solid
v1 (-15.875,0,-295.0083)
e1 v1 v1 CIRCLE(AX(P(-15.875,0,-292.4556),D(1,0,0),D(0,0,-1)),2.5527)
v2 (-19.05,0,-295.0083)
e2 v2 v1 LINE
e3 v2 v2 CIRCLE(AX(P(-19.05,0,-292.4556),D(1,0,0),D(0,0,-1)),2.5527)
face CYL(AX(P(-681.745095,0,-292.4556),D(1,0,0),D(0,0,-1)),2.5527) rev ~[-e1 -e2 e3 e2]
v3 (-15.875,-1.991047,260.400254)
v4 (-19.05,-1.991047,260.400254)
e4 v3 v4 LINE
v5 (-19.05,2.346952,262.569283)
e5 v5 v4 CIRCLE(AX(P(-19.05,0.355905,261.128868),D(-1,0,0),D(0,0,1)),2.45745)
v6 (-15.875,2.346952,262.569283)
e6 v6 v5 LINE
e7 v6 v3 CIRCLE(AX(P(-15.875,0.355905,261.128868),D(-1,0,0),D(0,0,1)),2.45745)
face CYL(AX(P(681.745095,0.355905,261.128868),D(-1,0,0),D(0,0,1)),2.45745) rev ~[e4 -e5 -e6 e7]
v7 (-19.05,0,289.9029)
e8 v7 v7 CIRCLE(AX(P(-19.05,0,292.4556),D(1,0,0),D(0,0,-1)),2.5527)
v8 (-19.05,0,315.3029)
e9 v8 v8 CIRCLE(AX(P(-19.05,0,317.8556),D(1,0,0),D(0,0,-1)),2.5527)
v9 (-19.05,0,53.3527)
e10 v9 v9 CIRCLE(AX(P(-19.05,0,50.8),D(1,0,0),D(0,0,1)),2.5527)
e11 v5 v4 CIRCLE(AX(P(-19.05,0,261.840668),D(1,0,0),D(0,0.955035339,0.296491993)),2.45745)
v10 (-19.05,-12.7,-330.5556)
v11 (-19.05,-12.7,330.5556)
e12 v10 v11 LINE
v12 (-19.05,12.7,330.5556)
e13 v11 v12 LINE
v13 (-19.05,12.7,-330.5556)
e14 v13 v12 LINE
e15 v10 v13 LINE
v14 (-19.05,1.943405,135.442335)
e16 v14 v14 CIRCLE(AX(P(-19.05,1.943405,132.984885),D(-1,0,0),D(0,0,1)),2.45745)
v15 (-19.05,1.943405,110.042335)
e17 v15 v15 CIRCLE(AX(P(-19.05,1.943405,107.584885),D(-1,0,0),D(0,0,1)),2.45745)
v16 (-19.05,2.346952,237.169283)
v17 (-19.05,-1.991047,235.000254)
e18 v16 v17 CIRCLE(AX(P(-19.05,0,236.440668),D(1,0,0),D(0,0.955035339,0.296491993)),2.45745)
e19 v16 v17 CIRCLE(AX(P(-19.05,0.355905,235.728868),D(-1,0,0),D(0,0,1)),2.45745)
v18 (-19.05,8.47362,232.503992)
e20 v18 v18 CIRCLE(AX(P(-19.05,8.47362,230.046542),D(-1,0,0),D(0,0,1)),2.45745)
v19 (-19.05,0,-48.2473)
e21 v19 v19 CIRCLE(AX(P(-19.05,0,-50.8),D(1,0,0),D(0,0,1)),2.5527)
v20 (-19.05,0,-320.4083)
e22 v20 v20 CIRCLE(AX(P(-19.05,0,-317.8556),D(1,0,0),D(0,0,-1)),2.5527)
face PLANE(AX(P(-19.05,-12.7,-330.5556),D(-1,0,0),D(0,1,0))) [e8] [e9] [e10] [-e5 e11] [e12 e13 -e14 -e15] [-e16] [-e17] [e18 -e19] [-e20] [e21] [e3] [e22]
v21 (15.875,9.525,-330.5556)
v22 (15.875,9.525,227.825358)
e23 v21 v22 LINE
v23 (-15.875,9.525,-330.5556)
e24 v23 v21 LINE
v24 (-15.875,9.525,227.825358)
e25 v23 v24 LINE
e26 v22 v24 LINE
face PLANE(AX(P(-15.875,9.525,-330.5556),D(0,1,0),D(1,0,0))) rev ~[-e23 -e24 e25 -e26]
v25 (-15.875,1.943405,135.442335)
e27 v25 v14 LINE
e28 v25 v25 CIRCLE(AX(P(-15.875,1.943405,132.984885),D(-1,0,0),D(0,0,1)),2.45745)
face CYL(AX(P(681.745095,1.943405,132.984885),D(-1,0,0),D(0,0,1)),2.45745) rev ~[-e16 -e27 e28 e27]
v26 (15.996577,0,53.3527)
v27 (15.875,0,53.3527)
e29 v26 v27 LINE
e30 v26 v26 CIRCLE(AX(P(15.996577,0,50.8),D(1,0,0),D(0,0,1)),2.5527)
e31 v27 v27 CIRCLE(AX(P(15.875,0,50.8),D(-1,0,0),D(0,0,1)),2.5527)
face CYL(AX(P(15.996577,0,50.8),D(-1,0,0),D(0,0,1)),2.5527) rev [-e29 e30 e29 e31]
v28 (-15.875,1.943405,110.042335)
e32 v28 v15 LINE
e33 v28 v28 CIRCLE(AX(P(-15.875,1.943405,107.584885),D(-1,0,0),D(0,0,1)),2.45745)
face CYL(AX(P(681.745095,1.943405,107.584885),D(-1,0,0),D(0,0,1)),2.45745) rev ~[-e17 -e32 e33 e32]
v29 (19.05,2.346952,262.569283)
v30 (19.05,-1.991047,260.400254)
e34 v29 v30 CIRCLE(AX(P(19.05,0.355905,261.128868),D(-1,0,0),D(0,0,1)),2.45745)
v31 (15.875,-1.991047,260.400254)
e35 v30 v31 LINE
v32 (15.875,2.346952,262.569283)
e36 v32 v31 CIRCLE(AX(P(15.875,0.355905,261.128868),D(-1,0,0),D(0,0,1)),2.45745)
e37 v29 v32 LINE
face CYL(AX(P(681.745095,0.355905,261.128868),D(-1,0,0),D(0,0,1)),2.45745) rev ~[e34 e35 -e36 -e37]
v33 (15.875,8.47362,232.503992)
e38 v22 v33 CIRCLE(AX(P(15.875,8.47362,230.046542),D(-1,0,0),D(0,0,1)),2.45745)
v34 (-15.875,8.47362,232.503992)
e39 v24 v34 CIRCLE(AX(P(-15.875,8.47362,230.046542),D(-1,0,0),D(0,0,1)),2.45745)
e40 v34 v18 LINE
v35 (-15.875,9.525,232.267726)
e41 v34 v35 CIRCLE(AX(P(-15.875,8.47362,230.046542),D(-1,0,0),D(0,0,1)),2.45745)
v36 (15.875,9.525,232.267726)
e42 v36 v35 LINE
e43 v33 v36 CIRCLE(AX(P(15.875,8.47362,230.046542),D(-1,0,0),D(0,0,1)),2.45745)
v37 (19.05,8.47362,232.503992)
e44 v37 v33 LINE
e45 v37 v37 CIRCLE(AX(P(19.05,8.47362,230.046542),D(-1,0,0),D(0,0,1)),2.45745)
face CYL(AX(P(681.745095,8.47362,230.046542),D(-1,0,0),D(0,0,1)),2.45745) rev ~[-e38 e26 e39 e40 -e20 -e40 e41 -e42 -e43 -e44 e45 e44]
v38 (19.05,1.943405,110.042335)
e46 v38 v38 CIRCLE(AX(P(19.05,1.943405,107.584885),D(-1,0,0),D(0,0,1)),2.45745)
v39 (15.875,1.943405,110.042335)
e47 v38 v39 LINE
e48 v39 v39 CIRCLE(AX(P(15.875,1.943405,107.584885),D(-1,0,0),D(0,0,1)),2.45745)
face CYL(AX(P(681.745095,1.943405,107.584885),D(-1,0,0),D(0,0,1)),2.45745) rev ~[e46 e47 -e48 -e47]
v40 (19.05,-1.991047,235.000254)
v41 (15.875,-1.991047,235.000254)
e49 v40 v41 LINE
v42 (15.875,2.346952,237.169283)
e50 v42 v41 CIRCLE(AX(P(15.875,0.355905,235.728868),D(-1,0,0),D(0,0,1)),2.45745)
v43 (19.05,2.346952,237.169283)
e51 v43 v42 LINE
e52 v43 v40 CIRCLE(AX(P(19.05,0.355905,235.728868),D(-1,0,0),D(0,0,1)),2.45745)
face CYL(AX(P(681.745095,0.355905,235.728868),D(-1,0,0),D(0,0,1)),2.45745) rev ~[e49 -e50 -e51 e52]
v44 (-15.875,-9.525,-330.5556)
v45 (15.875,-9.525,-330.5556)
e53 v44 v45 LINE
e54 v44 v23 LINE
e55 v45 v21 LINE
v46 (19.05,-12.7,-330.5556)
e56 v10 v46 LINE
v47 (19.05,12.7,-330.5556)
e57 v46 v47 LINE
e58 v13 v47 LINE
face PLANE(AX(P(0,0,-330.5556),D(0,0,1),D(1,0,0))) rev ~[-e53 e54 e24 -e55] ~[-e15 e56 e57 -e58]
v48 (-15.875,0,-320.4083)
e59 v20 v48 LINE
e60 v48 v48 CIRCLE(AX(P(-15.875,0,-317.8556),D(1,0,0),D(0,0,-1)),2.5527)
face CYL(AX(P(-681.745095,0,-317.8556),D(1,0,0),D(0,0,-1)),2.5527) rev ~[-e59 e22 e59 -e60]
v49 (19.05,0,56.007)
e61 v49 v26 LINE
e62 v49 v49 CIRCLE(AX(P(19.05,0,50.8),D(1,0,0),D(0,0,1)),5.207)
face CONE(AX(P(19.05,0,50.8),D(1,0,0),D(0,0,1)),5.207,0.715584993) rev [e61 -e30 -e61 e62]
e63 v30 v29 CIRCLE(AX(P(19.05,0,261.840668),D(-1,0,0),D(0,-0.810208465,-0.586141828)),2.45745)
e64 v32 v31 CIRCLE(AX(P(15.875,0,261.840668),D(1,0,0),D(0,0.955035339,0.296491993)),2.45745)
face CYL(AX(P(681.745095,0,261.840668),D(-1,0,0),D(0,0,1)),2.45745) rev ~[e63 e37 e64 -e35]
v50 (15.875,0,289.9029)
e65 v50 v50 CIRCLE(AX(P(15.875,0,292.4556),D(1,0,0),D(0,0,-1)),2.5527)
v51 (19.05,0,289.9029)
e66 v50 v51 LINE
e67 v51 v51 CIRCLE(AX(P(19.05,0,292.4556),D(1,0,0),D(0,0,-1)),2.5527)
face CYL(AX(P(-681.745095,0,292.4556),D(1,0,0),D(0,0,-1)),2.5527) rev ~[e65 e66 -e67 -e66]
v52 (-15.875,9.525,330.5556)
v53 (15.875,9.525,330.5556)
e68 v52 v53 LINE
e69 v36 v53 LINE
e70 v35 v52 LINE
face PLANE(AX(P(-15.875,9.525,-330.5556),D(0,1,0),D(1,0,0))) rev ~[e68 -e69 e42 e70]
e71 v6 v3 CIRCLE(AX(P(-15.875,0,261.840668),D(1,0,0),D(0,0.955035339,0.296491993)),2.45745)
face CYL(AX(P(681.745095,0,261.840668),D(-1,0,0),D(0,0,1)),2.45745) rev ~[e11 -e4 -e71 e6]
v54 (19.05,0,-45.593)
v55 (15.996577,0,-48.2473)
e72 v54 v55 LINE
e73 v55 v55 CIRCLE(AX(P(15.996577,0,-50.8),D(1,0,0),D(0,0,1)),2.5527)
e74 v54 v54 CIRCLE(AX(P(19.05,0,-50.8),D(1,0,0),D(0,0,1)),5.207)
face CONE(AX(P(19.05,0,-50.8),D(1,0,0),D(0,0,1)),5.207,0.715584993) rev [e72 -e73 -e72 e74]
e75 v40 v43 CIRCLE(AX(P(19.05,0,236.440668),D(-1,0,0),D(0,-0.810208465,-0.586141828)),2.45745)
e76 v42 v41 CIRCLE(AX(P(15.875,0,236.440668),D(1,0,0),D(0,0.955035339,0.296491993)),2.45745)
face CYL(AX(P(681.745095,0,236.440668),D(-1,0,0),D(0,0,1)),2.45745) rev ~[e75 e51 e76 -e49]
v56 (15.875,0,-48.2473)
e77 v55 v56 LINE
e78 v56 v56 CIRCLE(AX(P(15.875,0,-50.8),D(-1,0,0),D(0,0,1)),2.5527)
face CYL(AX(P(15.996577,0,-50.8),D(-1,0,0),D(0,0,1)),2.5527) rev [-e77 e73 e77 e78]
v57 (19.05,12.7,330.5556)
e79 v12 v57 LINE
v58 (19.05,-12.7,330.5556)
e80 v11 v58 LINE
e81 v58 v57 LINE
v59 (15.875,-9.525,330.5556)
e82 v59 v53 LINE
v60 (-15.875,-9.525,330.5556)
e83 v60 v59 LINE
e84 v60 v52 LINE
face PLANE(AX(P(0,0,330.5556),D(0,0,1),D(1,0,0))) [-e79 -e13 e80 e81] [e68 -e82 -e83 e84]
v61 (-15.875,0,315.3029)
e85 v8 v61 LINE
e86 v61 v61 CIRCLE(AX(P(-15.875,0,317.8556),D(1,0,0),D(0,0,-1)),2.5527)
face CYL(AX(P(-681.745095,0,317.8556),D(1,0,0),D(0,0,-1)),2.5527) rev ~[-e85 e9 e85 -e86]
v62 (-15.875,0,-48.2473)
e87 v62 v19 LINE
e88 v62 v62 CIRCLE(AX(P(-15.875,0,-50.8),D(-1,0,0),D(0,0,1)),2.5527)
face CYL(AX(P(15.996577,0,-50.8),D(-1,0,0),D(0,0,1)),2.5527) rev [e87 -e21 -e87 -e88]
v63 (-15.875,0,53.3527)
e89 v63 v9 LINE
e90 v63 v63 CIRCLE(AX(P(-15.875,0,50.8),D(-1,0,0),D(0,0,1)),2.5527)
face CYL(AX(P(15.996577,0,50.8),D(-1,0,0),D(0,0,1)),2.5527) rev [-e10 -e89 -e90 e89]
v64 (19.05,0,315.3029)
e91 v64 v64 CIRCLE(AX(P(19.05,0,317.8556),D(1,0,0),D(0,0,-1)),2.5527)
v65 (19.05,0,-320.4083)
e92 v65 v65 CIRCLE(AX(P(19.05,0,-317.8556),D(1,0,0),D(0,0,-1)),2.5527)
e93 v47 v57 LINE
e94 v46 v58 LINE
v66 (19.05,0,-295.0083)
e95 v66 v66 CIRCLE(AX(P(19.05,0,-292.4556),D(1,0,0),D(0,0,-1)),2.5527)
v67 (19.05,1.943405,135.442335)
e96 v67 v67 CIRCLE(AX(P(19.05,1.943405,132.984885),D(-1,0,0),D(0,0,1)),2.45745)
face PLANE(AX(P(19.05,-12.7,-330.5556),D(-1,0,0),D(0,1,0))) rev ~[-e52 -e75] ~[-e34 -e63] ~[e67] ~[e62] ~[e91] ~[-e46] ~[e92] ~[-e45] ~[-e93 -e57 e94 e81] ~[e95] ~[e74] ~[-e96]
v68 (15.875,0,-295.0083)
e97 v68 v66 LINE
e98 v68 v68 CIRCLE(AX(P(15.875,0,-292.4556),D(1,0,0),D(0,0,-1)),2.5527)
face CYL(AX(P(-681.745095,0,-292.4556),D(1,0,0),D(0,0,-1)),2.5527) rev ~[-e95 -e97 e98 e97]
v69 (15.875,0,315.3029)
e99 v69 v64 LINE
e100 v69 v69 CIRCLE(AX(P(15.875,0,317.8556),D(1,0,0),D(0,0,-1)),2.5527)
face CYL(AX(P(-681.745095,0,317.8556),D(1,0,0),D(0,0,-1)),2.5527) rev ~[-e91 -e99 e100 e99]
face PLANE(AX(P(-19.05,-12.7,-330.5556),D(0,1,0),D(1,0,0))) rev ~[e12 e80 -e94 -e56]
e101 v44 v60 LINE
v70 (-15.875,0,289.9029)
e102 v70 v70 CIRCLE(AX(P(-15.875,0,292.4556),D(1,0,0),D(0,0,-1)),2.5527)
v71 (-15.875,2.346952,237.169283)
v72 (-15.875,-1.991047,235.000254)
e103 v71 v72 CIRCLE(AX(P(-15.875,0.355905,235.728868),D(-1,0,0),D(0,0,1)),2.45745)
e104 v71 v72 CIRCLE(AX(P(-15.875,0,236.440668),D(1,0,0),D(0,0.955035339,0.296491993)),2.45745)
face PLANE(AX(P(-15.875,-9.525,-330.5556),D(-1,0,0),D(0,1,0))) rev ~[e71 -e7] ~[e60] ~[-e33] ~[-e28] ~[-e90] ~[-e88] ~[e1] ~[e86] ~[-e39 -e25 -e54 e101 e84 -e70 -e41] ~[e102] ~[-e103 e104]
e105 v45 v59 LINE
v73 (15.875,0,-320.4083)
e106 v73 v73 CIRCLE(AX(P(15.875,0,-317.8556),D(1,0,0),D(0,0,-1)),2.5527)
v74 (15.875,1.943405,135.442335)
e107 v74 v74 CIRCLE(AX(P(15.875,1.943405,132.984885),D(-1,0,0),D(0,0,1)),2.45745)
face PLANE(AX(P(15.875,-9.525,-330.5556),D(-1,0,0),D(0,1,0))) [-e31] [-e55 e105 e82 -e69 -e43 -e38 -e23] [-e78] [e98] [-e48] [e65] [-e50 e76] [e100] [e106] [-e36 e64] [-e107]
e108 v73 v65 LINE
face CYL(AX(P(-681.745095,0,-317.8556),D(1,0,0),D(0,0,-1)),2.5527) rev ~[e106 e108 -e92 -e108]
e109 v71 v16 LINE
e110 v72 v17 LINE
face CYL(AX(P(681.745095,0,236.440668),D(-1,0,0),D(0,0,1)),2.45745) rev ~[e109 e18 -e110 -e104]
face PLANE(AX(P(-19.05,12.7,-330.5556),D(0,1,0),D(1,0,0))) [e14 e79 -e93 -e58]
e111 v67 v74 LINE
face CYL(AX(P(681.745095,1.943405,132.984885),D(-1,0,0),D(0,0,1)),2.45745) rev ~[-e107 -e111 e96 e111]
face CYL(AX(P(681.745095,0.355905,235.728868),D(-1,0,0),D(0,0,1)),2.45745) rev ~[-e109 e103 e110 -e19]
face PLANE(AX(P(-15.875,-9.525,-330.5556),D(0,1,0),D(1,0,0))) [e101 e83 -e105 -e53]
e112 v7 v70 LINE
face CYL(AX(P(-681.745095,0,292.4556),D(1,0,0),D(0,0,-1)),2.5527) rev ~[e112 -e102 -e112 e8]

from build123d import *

# Parameters (mm, degrees)
BOSS_EXTRUDE1_DEPTH             = 330.5556
BOSS_EXTRUDE1_DEPTH_BACK        = 330.5556
SKETCH3_W                       = 38.1
SKETCH3_H                       = 25.4
SKETCH3_W_2                     = 31.75
SKETCH3_H_2                     = 19.05
F_10_CLEARANCE_HOLE2_D          = 5.1054
F_10_0_1935_DIAMETER_HOLE1_D    = 4.9149
F_10_0_1935_DIAMETER_HOLE2_D    = 4.9149
F_10_CLEARANCE_HOLE3_AT_2_COUNT = 2
F_10_CLEARANCE_HOLE3_AT_2_PITCH = 101.6


with BuildPart() as part:
    # Sketch3 → Boss-Extrude1 (new, two sides: drawn at the far end of the back side and taken through both)
    with BuildSketch(Plane.XY.offset(-BOSS_EXTRUDE1_DEPTH_BACK)):
        Rectangle(SKETCH3_W, SKETCH3_H)
        Rectangle(SKETCH3_W_2, SKETCH3_H_2, mode=Mode.SUBTRACT)
    extrude(amount=BOSS_EXTRUDE1_DEPTH + BOSS_EXTRUDE1_DEPTH_BACK)

    # #10 Clearance Hole2 (through all)
    with Locations(Plane.ZY.offset(19.05)):
        with Locations((-317.8556, 0), (-292.4556, 0), (292.4556, 0), (317.8556, 0)):
            Hole(F_10_CLEARANCE_HOLE2_D / 2)

    # #10 (0.1935) Diameter Hole1 (through all)
    with Locations(Plane(origin=(19.05, 0, 0), x_dir=(0, 0, -1), z_dir=(1, 0, 0))):
        with Locations((-261.128868491, 0.3559048), (-235.728868491, 0.3559048), (-230.046541854, 8.473619523), (-132.984885112, 1.9434048), (-107.584885112, 1.9434048)):
            Hole(F_10_0_1935_DIAMETER_HOLE1_D / 2)

    # #10 (0.1935) Diameter Hole2 (through all)
    with Locations(Plane(origin=(19.05, 0, 0), x_dir=(0, 0, -1), z_dir=(1, 0, 0))):
        with Locations((-261.840668479, 0), (-236.440668479, 0)):
            Hole(F_10_0_1935_DIAMETER_HOLE2_D / 2)

    # Sketch21 → #10 Clearance Hole3 (revolve, cut)
    with BuildSketch(Plane(origin=(-19.05, 0, -50.8), x_dir=(0, 0, 1), z_dir=(0, 1, 0))):
        Polygon((0, 0), (0, 38.1), (5.207, 38.1), (2.5527, 35.046577137), (2.5527, 0), align=None)
    f_10_clearance_hole3 = revolve(axis=Axis((-25.4, 0, -50.8), (1, 0, 0)), mode=Mode.SUBTRACT)

    # #10 Clearance Hole3 at 2: #10 Clearance Hole3 ×2
    with Locations(*[(0, 0, i * F_10_CLEARANCE_HOLE3_AT_2_PITCH) for i in range(1, F_10_CLEARANCE_HOLE3_AT_2_COUNT)]):
        add(f_10_clearance_hole3, mode=Mode.SUBTRACT)


solid = part.part
